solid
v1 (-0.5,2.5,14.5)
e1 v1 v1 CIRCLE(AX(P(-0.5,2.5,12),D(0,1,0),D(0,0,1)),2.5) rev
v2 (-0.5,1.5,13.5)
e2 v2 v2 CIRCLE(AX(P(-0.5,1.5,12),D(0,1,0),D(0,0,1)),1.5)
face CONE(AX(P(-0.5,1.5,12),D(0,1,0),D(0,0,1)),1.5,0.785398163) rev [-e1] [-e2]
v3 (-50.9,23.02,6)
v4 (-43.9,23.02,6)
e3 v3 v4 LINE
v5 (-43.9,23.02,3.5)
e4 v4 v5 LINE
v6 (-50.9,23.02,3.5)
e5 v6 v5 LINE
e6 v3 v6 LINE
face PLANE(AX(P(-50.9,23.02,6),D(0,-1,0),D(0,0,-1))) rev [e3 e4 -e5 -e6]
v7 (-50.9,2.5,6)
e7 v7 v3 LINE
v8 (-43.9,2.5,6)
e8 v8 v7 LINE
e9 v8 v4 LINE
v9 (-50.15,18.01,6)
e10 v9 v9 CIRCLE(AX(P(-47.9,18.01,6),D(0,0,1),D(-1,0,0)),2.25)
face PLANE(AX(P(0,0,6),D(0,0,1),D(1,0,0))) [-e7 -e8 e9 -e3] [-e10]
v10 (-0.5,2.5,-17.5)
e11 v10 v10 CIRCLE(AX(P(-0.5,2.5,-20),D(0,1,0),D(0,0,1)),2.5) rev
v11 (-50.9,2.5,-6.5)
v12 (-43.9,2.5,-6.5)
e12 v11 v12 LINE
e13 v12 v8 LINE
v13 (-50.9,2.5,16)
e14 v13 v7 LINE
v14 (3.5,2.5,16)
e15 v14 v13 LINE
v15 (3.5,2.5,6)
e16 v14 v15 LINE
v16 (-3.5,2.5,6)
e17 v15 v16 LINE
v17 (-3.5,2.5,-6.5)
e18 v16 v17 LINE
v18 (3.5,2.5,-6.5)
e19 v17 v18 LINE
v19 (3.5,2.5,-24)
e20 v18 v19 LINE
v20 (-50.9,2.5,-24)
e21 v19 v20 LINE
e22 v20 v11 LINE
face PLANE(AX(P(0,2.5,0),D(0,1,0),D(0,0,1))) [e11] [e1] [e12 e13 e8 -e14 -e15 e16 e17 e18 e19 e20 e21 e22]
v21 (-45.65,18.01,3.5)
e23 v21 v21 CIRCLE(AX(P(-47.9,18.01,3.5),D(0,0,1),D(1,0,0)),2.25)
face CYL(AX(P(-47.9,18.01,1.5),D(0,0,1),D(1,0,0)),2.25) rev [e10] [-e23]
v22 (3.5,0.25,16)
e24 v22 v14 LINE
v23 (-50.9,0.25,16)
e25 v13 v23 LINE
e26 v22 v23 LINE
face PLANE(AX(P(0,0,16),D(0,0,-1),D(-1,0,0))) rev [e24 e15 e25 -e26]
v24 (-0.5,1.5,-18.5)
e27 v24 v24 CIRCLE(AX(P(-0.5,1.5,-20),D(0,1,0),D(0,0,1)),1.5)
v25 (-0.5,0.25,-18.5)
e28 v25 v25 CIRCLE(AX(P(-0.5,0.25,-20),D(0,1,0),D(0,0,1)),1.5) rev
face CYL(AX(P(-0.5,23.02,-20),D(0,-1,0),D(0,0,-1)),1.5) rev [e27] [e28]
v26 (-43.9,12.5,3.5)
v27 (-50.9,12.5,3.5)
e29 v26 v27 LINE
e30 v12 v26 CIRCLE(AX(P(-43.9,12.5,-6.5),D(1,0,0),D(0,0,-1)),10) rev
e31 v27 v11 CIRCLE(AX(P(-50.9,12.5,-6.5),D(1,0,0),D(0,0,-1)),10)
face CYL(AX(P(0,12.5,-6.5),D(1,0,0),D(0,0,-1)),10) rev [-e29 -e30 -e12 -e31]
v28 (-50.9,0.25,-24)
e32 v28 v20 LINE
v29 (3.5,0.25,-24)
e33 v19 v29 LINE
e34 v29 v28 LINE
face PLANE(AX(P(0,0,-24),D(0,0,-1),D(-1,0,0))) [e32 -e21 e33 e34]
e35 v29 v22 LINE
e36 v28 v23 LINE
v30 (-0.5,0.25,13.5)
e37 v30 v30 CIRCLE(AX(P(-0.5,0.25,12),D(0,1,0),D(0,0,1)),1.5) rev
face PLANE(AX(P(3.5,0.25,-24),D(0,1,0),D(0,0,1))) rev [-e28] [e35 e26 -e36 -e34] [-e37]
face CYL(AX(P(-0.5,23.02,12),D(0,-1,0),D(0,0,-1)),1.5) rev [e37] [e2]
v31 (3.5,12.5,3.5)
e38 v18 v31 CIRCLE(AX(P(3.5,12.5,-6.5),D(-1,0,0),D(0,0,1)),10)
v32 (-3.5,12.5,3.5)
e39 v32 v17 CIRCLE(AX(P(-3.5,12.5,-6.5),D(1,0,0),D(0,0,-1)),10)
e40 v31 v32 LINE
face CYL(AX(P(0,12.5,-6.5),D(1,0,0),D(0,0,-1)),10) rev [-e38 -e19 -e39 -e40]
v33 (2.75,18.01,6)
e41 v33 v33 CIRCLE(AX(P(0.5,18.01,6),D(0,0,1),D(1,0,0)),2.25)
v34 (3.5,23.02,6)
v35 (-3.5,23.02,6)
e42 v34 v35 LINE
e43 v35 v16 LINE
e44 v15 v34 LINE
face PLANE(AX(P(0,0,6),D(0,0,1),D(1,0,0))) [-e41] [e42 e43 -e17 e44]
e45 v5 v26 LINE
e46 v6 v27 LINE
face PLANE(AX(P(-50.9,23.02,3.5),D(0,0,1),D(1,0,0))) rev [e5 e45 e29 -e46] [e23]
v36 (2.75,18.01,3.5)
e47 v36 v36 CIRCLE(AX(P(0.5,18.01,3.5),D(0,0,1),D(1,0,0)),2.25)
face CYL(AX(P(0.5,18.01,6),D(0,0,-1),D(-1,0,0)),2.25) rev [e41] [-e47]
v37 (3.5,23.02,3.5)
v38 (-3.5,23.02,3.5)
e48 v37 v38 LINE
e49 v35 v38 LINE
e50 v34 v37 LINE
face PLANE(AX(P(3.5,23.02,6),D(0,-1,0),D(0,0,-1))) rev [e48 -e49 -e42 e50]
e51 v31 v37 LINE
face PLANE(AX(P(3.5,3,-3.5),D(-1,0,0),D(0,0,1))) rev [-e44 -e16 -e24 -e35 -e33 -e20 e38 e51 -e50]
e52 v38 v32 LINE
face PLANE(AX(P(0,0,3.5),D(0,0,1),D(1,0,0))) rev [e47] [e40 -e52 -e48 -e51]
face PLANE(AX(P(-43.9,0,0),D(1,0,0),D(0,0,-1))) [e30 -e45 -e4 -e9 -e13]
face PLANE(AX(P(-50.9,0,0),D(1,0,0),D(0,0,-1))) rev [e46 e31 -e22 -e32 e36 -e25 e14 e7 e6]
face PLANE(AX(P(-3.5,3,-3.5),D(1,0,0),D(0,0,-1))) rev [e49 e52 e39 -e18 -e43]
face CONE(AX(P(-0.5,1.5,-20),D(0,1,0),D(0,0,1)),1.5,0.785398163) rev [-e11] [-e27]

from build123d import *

# Parameters (mm, degrees)
CROQUIS1_W              = 7
CROQUIS1_H              = 7
SALIENTE_EXTRUIR1_DEPTH = 3
CROQUIS2_R              = 2.25
SALIENTE_EXTRUIR2_DEPTH = 2.5
CROQUIS3_W              = 7
CROQUIS3_H              = 9.5
SALIENTE_EXTRUIR3_DEPTH = 2
CROQUIS4_W              = 7
CROQUIS4_H              = 5
SALIENTE_EXTRUIR4_DEPTH = 20.02
CROQUIS5_W              = 29.52
CROQUIS5_H              = 5
SALIENTE_EXTRUIR5_DEPTH = 40.4
SALIENTE_EXTRUIR6_DEPTH = 7
CROQUIS7_R              = 2.25
CORTAR_EXTRUIR1_DEPTH   = 4.5
CROQUIS8_W              = 54.4
CROQUIS8_H              = 5
SALIENTE_EXTRUIR7_DEPTH = 0.48
CORTAR_EXTRUIR3_DEPTH   = 0.5
CROQUIS11_W             = 54.4
CROQUIS11_H             = 4.5
SALIENTE_EXTRUIR9_DEPTH = 10
CROQUIS12_R             = 1.5
CORTAR_EXTRUIR4_DEPTH   = 62.585797064
CHAFL_N1_SIZE           = 1
CROQUIS13_W             = 54.4
CROQUIS13_H             = 2.25
CORTAR_EXTRUIR5_DEPTH   = 69.707571635
REDONDEO1_R             = 10


with BuildPart() as part:
    # Croquis1 → Saliente-Extruir1 (new body)
    with BuildSketch(Plane(origin=(0, 0, 0), x_dir=(1, 0, 0), z_dir=(0, 1, 0))):
        Rectangle(CROQUIS1_W, CROQUIS1_H)
    extrude(amount=SALIENTE_EXTRUIR1_DEPTH)

    # Croquis2 → Saliente-Extruir2 (add)
    with BuildSketch(Plane.XY.offset(3.5)):
        Polygon((3.5, 3), (3.5, 23.02), (-3.5, 23.02), (-3.5, 3), (-3.5, 0), (3.5, 0), align=None)
        with Locations((0.5, 18.01)):
            Circle(CROQUIS2_R, mode=Mode.SUBTRACT)
    extrude(amount=SALIENTE_EXTRUIR2_DEPTH)

    # Croquis3 → Saliente-Extruir3 (add)
    with BuildSketch(Plane.XZ):
        with Locations((0, 1.25)):
            Rectangle(CROQUIS3_W, CROQUIS3_H)
    extrude(amount=SALIENTE_EXTRUIR3_DEPTH)

    # Croquis4 → Saliente-Extruir4 (add)
    with BuildSketch(Plane(origin=(0, 0, -3.5), x_dir=(-1, 0, 0), z_dir=(0, 0, -1))):
        with Locations((0, 0.5)):
            Rectangle(CROQUIS4_W, CROQUIS4_H)
    extrude(amount=SALIENTE_EXTRUIR4_DEPTH)

    # Croquis5 → Saliente-Extruir5 (add)
    with BuildSketch(Plane.ZY.offset(3.5)):
        with Locations((-8.76, 0.5)):
            Rectangle(CROQUIS5_W, CROQUIS5_H)
    extrude(amount=SALIENTE_EXTRUIR5_DEPTH)

    # Croquis6 → Saliente-Extruir6 (add)
    with BuildSketch(Plane.ZY.offset(43.9)):
        Polygon((6, 3), (6, 23.02), (3.5, 23.02), (3.5, 3), (-23.52, 3), (-23.52, -2), (6, -2), align=None)
    extrude(amount=SALIENTE_EXTRUIR6_DEPTH)

    # Croquis7 → Cortar-Extruir1 (cut)
    with BuildSketch(Plane.XY.offset(6)):
        with Locations((-47.9, 18.01)):
            Circle(CROQUIS7_R)
    extrude(amount=-CORTAR_EXTRUIR1_DEPTH, mode=Mode.SUBTRACT)

    # Croquis8 → Saliente-Extruir7 (add)
    with BuildSketch(Plane(origin=(0, 0, -23.52), x_dir=(-1, 0, 0), z_dir=(0, 0, -1))):
        with Locations((23.7, 0.5)):
            Rectangle(CROQUIS8_W, CROQUIS8_H)
    extrude(amount=SALIENTE_EXTRUIR7_DEPTH)

    # Croquis10 → Cortar-Extruir3 (cut)
    with BuildSketch(Plane(origin=(0, 3, 0), x_dir=(1, 0, 0), z_dir=(0, 1, 0))):
        Polygon((3.5, -3.5), (3.5, 24), (-50.9, 24), (-50.9, -3.5), (-43.9, -3.5), (-43.9, -6), (-3.5, -6), (-3.5, -3.5), align=None)
    extrude(amount=-CORTAR_EXTRUIR3_DEPTH, mode=Mode.SUBTRACT)

    # Croquis11 → Saliente-Extruir9 (add)
    with BuildSketch(Plane.XY.offset(6)):
        with Locations((-23.7, 0.25)):
            Rectangle(CROQUIS11_W, CROQUIS11_H)
    extrude(amount=SALIENTE_EXTRUIR9_DEPTH)

    # Croquis12 → Cortar-Extruir4 (cut, through all)
    with BuildSketch(Plane.XZ.offset(2)):
        with Locations(Location((-0.5, 12, 0), (0, 0, 270))):
            Circle(CROQUIS12_R)
        with Locations(Location((-0.5, -20, 0), (0, 0, 270))):
            Circle(CROQUIS12_R)
    extrude(amount=-CORTAR_EXTRUIR4_DEPTH, mode=Mode.SUBTRACT)

    # Chaflán1
    chafl_n1_edges = [part.edges().sort_by_distance(p)[0] for p in [
        (-0.5, 2.5, 13.5),
        (-0.5, 2.5, -18.5),
    ]]
    chamfer(chafl_n1_edges, length=CHAFL_N1_SIZE)

    # Croquis13 → Cortar-Extruir5 (cut, through all)
    with BuildSketch(Plane.XY.offset(16)):
        with Locations((-23.7, -0.875)):
            Rectangle(CROQUIS13_W, CROQUIS13_H)
    extrude(amount=-CORTAR_EXTRUIR5_DEPTH, mode=Mode.SUBTRACT)

    # Redondeo1
    redondeo1_edges = [part.edges().sort_by_distance(p)[0] for p in [
        (0, 2.5, 3.5),
        (-47.4, 2.5, 3.5),
    ]]
    fillet(redondeo1_edges, radius=REDONDEO1_R)


solid = part.part
